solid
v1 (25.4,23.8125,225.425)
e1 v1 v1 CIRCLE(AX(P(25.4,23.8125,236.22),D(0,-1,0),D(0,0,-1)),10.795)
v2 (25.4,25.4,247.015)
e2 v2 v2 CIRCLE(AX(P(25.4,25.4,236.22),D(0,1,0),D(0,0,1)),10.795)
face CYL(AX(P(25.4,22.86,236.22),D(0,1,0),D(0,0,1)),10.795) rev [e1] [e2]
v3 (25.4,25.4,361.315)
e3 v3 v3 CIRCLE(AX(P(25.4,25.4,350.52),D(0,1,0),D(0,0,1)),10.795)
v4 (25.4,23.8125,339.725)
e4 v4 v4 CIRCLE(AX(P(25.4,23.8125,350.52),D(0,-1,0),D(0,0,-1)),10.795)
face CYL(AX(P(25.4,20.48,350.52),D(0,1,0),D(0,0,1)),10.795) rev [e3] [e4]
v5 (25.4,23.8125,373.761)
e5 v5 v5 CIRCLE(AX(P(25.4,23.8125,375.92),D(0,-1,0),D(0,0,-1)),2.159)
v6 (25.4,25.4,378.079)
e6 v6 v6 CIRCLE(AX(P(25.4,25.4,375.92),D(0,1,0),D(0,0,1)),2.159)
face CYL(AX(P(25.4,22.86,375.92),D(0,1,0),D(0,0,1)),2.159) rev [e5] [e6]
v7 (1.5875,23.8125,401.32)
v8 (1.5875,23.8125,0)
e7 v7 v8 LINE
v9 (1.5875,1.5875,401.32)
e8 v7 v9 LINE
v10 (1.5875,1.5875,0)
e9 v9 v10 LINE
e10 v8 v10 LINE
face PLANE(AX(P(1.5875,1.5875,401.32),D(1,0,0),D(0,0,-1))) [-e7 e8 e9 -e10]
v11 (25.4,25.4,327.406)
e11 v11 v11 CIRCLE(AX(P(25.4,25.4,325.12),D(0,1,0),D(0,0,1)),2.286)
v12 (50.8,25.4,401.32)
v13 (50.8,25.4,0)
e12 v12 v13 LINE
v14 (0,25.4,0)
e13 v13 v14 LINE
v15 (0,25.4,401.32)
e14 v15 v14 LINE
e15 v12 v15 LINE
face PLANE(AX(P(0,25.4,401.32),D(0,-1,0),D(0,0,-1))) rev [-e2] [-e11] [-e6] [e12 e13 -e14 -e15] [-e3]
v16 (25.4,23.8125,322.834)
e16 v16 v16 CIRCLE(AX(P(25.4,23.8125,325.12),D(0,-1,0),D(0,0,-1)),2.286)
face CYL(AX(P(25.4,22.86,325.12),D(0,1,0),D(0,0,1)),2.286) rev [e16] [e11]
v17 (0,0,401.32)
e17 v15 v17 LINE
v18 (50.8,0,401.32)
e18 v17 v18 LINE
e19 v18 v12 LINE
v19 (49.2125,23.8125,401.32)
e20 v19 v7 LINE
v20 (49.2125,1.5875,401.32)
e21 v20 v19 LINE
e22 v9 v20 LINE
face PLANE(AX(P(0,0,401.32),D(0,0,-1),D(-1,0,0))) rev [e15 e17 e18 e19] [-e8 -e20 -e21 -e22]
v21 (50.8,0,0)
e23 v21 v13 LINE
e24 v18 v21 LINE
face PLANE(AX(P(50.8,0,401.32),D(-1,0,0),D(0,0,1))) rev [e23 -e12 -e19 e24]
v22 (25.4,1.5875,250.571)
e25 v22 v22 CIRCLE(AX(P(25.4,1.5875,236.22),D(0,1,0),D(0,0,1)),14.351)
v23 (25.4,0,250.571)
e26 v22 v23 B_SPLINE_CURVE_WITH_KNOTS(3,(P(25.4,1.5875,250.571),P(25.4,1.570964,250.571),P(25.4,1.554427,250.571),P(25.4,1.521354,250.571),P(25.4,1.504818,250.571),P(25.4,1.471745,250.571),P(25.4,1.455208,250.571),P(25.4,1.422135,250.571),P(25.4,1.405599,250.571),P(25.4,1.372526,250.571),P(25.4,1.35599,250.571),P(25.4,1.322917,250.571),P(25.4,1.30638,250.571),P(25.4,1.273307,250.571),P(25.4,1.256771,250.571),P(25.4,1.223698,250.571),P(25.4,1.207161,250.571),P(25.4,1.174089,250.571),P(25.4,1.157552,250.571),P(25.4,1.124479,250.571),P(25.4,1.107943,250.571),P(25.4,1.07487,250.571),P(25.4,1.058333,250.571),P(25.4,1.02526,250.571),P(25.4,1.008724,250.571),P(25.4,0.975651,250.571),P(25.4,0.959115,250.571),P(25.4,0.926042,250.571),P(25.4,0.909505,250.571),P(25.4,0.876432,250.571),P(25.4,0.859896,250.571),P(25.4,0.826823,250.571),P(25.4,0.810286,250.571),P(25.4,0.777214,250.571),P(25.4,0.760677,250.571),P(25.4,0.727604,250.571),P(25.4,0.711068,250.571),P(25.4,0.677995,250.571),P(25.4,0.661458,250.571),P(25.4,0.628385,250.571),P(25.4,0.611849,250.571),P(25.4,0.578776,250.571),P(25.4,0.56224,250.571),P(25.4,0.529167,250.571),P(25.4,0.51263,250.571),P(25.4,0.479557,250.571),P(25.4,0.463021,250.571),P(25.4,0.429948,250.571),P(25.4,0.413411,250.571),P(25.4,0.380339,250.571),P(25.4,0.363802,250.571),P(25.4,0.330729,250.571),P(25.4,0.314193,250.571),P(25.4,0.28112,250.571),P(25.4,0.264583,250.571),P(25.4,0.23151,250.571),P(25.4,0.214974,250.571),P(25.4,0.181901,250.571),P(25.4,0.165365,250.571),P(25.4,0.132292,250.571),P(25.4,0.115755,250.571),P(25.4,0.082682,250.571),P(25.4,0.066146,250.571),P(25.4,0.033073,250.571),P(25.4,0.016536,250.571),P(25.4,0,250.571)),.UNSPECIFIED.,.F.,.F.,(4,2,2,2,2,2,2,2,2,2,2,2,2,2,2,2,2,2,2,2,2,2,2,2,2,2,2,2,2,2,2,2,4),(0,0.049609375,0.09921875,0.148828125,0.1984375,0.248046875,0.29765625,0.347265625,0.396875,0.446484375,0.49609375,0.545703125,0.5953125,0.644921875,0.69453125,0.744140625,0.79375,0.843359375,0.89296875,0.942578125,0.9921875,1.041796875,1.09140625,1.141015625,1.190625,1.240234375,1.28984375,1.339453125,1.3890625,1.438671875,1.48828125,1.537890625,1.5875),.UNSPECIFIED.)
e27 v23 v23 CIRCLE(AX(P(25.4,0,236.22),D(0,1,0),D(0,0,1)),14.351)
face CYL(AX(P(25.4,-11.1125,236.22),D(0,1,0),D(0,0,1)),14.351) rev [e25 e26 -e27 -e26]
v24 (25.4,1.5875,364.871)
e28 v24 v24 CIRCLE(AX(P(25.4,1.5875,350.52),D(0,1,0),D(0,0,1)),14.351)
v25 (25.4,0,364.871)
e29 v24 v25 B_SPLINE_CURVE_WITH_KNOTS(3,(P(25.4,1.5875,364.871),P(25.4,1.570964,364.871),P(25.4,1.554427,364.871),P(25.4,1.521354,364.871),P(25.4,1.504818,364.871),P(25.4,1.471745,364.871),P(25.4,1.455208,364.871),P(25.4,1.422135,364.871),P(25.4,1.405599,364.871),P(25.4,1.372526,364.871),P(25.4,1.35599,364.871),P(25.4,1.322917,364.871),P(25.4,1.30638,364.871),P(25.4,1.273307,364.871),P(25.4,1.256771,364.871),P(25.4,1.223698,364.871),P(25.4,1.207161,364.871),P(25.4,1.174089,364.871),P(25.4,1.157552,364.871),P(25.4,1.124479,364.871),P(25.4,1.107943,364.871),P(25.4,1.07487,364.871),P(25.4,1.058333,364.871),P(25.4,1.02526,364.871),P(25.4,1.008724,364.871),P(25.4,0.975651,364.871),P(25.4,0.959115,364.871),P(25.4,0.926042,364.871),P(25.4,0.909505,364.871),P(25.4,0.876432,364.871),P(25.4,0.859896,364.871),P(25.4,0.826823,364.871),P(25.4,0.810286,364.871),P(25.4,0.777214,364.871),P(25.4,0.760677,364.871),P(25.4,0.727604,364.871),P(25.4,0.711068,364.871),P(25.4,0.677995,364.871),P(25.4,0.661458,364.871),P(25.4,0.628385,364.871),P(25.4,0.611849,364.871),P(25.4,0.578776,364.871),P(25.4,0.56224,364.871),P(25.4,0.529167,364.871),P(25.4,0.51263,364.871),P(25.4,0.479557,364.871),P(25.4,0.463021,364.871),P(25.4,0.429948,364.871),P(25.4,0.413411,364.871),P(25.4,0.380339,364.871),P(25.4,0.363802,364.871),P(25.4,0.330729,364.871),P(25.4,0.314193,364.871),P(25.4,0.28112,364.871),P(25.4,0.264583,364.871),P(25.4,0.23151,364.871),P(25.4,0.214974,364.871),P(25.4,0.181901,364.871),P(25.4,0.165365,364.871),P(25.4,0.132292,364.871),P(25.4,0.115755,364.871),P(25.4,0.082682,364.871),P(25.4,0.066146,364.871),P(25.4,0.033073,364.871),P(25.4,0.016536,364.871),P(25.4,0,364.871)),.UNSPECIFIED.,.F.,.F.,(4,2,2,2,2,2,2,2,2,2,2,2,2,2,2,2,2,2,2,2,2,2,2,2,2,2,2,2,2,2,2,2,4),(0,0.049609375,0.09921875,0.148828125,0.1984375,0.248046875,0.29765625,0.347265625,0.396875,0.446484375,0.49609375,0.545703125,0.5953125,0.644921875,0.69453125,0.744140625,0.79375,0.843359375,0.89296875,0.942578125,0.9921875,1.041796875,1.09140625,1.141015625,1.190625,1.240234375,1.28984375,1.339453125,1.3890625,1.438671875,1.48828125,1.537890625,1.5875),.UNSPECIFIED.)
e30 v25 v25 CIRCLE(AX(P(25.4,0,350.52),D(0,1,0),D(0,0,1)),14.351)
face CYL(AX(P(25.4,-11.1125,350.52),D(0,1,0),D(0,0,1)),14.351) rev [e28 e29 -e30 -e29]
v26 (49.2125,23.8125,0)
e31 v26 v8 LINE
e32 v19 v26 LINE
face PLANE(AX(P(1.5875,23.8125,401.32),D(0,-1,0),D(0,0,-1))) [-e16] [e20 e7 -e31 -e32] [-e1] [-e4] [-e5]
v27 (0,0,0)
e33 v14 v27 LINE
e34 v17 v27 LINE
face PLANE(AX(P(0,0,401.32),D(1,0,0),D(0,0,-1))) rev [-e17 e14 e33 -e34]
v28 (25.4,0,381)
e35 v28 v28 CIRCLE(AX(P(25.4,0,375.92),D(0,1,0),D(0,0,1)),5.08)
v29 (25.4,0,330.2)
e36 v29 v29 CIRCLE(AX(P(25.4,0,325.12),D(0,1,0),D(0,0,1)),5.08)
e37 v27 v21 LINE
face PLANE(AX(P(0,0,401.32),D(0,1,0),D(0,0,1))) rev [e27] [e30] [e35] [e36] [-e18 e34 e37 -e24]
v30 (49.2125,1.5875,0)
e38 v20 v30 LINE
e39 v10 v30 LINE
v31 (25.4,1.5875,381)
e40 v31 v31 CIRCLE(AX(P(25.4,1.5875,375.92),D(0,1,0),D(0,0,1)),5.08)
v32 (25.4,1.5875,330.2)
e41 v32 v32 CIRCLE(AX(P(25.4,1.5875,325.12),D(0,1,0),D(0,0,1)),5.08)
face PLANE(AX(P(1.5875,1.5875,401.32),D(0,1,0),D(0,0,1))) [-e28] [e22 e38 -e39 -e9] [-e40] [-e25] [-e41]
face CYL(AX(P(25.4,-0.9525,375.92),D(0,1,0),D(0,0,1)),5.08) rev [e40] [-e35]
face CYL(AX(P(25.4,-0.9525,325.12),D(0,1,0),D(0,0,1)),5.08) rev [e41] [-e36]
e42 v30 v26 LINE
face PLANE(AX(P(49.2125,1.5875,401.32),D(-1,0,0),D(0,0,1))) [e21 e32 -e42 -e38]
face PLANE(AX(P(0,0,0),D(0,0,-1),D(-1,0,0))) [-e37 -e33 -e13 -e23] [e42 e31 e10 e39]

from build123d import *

# Parameters (mm, degrees)
SKETCH1_W           = 50.8
SKETCH1_H           = 25.4
SKETCH1_W_2         = 47.625
SKETCH1_H_2         = 22.225
BOSS_EXTRUDE1_DEPTH = 401.32
SKETCH2_R           = 10.795
CUT_EXTRUDE1_DEPTH  = 2.54
SKETCH3_R           = 10.795
CUT_EXTRUDE2_DEPTH  = 4.92
SKETCH5_R           = 14.351
CUT_EXTRUDE3_DEPTH  = 12.7
SKETCH6_R           = 14.351
CUT_EXTRUDE4_DEPTH  = 12.7
SKETCH7_R           = 2.159
CUT_EXTRUDE5_DEPTH  = 2.54
SKETCH9_R           = 5.08
CUT_EXTRUDE6_DEPTH  = 2.54
SKETCH10_R          = 2.286
CUT_EXTRUDE7_DEPTH  = 2.54
SKETCH11_R          = 5.08
CUT_EXTRUDE8_DEPTH  = 2.54


with BuildPart() as part:
    # Sketch1 → Boss-Extrude1 (new body)
    with BuildSketch(Plane.XY):
        with Locations((25.4, 12.7)):
            Rectangle(SKETCH1_W, SKETCH1_H)
        with Locations((25.4, 12.7)):
            Rectangle(SKETCH1_W_2, SKETCH1_H_2, mode=Mode.SUBTRACT)
    extrude(amount=BOSS_EXTRUDE1_DEPTH)

    # Sketch2 → Cut-Extrude1 (cut)
    with BuildSketch(Plane(origin=(0, 25.4, 0), x_dir=(1, 0, 0), z_dir=(0, 1, 0))):
        with Locations(Location((25.4, -236.22, 0), (0, 0, 270))):
            Circle(SKETCH2_R)
    extrude(amount=-CUT_EXTRUDE1_DEPTH, mode=Mode.SUBTRACT)

    # Sketch3 → Cut-Extrude2 (cut)
    with BuildSketch(Plane(origin=(0, 25.4, 0), x_dir=(1, 0, 0), z_dir=(0, 1, 0))):
        with Locations(Location((25.4, -350.52, 0), (0, 0, 270))):
            Circle(SKETCH3_R)
    extrude(amount=-CUT_EXTRUDE2_DEPTH, mode=Mode.SUBTRACT)

    # Sketch5 → Cut-Extrude3 (cut)
    with BuildSketch(Plane(origin=(0, 1.5875, 0), x_dir=(1, 0, 0), z_dir=(0, 1, 0))):
        with Locations(Location((25.4, -236.22, 0), (0, 0, 270))):
            Circle(SKETCH5_R)
    extrude(amount=-CUT_EXTRUDE3_DEPTH, mode=Mode.SUBTRACT)

    # Sketch6 → Cut-Extrude4 (cut)
    with BuildSketch(Plane(origin=(0, 1.5875, 0), x_dir=(1, 0, 0), z_dir=(0, 1, 0))):
        with Locations(Location((25.4, -350.52, 0), (0, 0, 270))):
            Circle(SKETCH6_R)
    extrude(amount=-CUT_EXTRUDE4_DEPTH, mode=Mode.SUBTRACT)

    # Sketch7 → Cut-Extrude5 (cut)
    with BuildSketch(Plane(origin=(0, 25.4, 0), x_dir=(1, 0, 0), z_dir=(0, 1, 0))):
        with Locations(Location((25.4, -375.92, 0), (0, 0, 270))):
            Circle(SKETCH7_R)
    extrude(amount=-CUT_EXTRUDE5_DEPTH, mode=Mode.SUBTRACT)

    # Sketch9 → Cut-Extrude6 (cut)
    with BuildSketch(Plane(origin=(0, 1.5875, 0), x_dir=(1, 0, 0), z_dir=(0, 1, 0))):
        with Locations(Location((25.4, -375.92, 0), (0, 0, 270))):
            Circle(SKETCH9_R)
    extrude(amount=-CUT_EXTRUDE6_DEPTH, mode=Mode.SUBTRACT)

    # Sketch10 → Cut-Extrude7 (cut)
    with BuildSketch(Plane(origin=(0, 25.4, 0), x_dir=(1, 0, 0), z_dir=(0, 1, 0))):
        with Locations(Location((25.4, -325.12, 0), (0, 0, 270))):
            Circle(SKETCH10_R)
    extrude(amount=-CUT_EXTRUDE7_DEPTH, mode=Mode.SUBTRACT)

    # Sketch11 → Cut-Extrude8 (cut)
    with BuildSketch(Plane(origin=(0, 1.5875, 0), x_dir=(1, 0, 0), z_dir=(0, 1, 0))):
        with Locations(Location((25.4, -325.12, 0), (0, 0, 270))):
            Circle(SKETCH11_R)
    extrude(amount=-CUT_EXTRUDE8_DEPTH, mode=Mode.SUBTRACT)


solid = part.part
